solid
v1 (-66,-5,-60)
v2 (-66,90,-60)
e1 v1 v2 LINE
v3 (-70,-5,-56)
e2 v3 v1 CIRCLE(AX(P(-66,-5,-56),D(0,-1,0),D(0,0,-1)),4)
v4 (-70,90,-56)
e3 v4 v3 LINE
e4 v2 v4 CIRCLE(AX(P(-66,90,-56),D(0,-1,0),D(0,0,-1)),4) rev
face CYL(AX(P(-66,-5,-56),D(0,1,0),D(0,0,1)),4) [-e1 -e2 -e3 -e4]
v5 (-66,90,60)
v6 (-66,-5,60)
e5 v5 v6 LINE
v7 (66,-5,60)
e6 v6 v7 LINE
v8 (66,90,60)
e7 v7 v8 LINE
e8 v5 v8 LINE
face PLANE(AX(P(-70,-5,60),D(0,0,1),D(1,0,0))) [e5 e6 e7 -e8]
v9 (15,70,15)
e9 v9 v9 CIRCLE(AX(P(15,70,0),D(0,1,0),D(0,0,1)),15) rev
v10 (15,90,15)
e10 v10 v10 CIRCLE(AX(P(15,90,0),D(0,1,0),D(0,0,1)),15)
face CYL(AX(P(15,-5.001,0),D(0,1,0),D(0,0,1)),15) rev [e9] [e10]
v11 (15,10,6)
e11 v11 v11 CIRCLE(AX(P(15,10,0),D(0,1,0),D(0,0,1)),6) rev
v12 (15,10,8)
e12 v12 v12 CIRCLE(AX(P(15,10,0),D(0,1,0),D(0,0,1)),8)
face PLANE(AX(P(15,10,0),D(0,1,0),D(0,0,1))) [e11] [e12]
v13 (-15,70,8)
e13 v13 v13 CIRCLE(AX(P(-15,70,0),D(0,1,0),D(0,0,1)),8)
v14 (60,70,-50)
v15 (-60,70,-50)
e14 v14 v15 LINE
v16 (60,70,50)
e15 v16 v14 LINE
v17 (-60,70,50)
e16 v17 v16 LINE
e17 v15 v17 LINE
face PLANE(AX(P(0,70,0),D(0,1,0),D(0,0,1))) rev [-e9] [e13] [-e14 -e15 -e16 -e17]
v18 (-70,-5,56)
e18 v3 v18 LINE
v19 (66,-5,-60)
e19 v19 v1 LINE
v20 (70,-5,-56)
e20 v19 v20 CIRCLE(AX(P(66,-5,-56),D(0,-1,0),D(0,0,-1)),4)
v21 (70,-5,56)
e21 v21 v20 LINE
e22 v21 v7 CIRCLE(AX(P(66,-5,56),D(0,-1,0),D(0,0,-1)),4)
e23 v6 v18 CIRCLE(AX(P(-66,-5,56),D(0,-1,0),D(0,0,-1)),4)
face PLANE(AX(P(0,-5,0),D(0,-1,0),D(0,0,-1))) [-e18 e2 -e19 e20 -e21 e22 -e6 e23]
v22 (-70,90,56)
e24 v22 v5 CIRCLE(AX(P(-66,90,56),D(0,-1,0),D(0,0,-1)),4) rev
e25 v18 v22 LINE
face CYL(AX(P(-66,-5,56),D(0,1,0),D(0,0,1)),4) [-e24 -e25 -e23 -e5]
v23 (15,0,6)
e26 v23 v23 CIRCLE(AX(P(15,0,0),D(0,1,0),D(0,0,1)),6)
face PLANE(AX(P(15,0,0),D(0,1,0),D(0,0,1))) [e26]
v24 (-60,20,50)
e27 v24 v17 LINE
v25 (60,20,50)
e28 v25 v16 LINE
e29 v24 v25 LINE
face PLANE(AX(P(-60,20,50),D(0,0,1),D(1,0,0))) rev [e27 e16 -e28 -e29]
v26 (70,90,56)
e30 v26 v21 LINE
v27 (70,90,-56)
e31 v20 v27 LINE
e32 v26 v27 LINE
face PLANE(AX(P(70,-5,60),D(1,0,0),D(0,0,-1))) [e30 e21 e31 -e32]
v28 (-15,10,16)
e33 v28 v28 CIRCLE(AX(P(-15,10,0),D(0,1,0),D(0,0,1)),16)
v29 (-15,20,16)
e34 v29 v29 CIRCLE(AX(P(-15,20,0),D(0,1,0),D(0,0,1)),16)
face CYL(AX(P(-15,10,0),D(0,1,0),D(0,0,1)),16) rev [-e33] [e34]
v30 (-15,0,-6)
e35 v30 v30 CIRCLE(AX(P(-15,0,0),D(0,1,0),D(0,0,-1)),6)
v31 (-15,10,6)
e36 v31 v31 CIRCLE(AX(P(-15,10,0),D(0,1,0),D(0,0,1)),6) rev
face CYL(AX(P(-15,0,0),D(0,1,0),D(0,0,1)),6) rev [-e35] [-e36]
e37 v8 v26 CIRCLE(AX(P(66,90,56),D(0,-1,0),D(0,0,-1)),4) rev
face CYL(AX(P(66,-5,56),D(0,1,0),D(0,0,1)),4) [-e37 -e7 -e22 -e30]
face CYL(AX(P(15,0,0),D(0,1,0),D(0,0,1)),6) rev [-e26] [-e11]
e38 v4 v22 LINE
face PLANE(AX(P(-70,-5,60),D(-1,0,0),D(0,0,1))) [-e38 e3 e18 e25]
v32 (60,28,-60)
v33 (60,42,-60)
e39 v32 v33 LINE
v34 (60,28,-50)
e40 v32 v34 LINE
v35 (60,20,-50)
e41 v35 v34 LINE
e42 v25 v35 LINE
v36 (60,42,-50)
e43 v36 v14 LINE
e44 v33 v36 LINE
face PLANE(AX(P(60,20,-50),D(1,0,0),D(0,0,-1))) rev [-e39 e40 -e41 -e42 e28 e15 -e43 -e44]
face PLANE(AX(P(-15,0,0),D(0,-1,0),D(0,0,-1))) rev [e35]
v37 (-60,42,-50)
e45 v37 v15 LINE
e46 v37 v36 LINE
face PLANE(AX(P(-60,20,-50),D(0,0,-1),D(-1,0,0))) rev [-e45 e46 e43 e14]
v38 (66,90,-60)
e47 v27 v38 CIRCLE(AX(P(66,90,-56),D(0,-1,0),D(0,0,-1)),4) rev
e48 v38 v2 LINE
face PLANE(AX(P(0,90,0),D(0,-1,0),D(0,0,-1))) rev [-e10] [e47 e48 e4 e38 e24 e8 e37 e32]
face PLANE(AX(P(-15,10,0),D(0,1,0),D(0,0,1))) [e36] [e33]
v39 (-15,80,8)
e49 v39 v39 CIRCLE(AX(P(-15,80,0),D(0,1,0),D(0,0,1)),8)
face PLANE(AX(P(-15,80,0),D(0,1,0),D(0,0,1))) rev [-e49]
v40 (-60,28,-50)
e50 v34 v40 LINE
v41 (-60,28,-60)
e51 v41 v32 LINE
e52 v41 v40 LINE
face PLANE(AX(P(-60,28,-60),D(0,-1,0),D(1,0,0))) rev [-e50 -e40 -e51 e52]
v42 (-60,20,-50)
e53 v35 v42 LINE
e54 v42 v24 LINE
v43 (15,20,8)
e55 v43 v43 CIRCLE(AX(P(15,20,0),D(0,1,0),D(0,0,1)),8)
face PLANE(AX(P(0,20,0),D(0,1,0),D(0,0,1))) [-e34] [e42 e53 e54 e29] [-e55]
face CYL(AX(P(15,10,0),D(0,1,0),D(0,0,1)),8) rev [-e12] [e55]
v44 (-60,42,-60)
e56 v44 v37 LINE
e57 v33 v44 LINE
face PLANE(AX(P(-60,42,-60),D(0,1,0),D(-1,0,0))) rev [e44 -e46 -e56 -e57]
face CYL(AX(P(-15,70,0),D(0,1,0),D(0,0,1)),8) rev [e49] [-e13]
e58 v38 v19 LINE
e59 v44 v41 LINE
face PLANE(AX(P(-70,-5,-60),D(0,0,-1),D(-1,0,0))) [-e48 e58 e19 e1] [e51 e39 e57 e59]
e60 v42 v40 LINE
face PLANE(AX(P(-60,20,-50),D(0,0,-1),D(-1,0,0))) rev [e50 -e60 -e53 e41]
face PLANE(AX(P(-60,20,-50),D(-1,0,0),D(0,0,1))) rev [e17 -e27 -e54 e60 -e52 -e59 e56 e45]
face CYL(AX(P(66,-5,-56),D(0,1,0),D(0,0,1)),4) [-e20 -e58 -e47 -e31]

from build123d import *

# Parameters (mm, degrees)
BOX_EXTRUDE_DEPTH             = 90
BOX_EXTRUDE_DEPTH_BACK        = 5
SKETCH2_W                     = 140
SKETCH2_H                     = 120
BOX_INNER_CUT_START           = -20
SKETCH3_W                     = 120
SKETCH3_H                     = 100
BOX_INNER_CUT_DEPTH           = 50
SHAFT_CUT_START               = -70
SKETCH6_R                     = 6
SHAFT_CUT_DEPTH               = 20
BEARING_CUTS_INSIDE_BOX_START = -70
SKETCH9_R                     = 8
SKETCH9_R_2                   = 16
BEARING_CUTS_INSIDE_BOX_DEPTH = 10
SCISSOR_CUT_START             = -10
SKETCH11_W                    = 120
SKETCH11_H                    = 14
SCISSOR_CUT_DEPTH             = 156.529453572
LEFT_BEARING_LID_CUT_START    = -10
SKETCH18_R                    = 8
LEFT_BEARING_LID_CUT_DEPTH    = 10
RIGHT_BEARING_LID_CUT_REACH   = 134.382
SKETCH12_R                    = 15
OUTER_EDGES_FILLET_R          = 4


with BuildPart() as part:
    # Sketch2 → BOX_EXTRUDE (new, two sides: drawn at the far end of the back side and taken through both)
    with BuildSketch(Plane(origin=(0, 0, 0), x_dir=(1, 0, 0), z_dir=(0, 1, 0)).offset(-BOX_EXTRUDE_DEPTH_BACK)):
        Rectangle(SKETCH2_W, SKETCH2_H)
    extrude(amount=BOX_EXTRUDE_DEPTH + BOX_EXTRUDE_DEPTH_BACK)

    # Sketch3 → BOX_INNER_CUT (cut)
    with BuildSketch(Plane(origin=(0, 90, 0), x_dir=(1, 0, 0), z_dir=(0, 1, 0)).offset(BOX_INNER_CUT_START)):
        Rectangle(SKETCH3_W, SKETCH3_H)
    extrude(amount=-BOX_INNER_CUT_DEPTH, mode=Mode.SUBTRACT)

    # Sketch6 → SHAFT_CUT (cut)
    with BuildSketch(Plane(origin=(0, 90, 0), x_dir=(1, 0, 0), z_dir=(0, 1, 0)).offset(SHAFT_CUT_START)):
        with Locations(Location((15, 0, 0), (0, 0, 270))):
            Circle(SKETCH6_R)
        with Locations(Location((-15, 0, 0), (0, 0, 90))):
            Circle(SKETCH6_R)
    extrude(amount=-SHAFT_CUT_DEPTH, mode=Mode.SUBTRACT)

    # Sketch9 → BEARING_CUTS_INSIDE_BOX (cut)
    with BuildSketch(Plane(origin=(0, 90, 0), x_dir=(1, 0, 0), z_dir=(0, 1, 0)).offset(BEARING_CUTS_INSIDE_BOX_START)):
        with Locations(Location((15, 0, 0), (0, 0, 270))):
            Circle(SKETCH9_R)
        with Locations(Location((-15, 0, 0), (0, 0, 270))):
            Circle(SKETCH9_R_2)
    extrude(amount=-BEARING_CUTS_INSIDE_BOX_DEPTH, mode=Mode.SUBTRACT)

    # Sketch11 → SCISSOR_CUT (cut, through all)
    with BuildSketch(Plane.XY.offset(60).offset(SCISSOR_CUT_START)):
        with Locations((0, 35)):
            Rectangle(SKETCH11_W, SKETCH11_H)
    extrude(amount=-SCISSOR_CUT_DEPTH, mode=Mode.SUBTRACT)

    # Sketch18 → LEFT_BEARING_LID_CUT (cut)
    with BuildSketch(Plane(origin=(0, 90, 0), x_dir=(1, 0, 0), z_dir=(0, 1, 0)).offset(LEFT_BEARING_LID_CUT_START)):
        with Locations(Location((-15, 0, 0), (0, 0, 270))):
            Circle(SKETCH18_R)
    extrude(amount=-LEFT_BEARING_LID_CUT_DEPTH, mode=Mode.SUBTRACT)

    # Sketch12 → RIGHT_BEARING_LID_CUT (cut, up to next)
    with BuildSketch(Plane(origin=(0, 90, 0), x_dir=(1, 0, 0), z_dir=(0, 1, 0)), mode=Mode.PRIVATE) as right_bearing_lid_cut_sk1:
        with Locations(Location((15, 0, 0), (0, 0, 270))):
            Circle(SKETCH12_R)
    right_bearing_lid_cut_tool1 = extrude(right_bearing_lid_cut_sk1.sketch, amount=-RIGHT_BEARING_LID_CUT_REACH, mode=Mode.PRIVATE) & part.part
    add(right_bearing_lid_cut_tool1.solids().sort_by_distance((15, 90, 0))[0], mode=Mode.SUBTRACT)

    # OUTER_EDGES_FILLET
    outer_edges_fillet_edges = [part.edges().sort_by_distance(p)[0] for p in [
        (-70, 42.5, -60),
        (70, 42.5, -60),
        (70, 42.5, 60),
        (-70, 42.5, 60),
    ]]
    fillet(outer_edges_fillet_edges, radius=OUTER_EDGES_FILLET_R)


solid = part.part
